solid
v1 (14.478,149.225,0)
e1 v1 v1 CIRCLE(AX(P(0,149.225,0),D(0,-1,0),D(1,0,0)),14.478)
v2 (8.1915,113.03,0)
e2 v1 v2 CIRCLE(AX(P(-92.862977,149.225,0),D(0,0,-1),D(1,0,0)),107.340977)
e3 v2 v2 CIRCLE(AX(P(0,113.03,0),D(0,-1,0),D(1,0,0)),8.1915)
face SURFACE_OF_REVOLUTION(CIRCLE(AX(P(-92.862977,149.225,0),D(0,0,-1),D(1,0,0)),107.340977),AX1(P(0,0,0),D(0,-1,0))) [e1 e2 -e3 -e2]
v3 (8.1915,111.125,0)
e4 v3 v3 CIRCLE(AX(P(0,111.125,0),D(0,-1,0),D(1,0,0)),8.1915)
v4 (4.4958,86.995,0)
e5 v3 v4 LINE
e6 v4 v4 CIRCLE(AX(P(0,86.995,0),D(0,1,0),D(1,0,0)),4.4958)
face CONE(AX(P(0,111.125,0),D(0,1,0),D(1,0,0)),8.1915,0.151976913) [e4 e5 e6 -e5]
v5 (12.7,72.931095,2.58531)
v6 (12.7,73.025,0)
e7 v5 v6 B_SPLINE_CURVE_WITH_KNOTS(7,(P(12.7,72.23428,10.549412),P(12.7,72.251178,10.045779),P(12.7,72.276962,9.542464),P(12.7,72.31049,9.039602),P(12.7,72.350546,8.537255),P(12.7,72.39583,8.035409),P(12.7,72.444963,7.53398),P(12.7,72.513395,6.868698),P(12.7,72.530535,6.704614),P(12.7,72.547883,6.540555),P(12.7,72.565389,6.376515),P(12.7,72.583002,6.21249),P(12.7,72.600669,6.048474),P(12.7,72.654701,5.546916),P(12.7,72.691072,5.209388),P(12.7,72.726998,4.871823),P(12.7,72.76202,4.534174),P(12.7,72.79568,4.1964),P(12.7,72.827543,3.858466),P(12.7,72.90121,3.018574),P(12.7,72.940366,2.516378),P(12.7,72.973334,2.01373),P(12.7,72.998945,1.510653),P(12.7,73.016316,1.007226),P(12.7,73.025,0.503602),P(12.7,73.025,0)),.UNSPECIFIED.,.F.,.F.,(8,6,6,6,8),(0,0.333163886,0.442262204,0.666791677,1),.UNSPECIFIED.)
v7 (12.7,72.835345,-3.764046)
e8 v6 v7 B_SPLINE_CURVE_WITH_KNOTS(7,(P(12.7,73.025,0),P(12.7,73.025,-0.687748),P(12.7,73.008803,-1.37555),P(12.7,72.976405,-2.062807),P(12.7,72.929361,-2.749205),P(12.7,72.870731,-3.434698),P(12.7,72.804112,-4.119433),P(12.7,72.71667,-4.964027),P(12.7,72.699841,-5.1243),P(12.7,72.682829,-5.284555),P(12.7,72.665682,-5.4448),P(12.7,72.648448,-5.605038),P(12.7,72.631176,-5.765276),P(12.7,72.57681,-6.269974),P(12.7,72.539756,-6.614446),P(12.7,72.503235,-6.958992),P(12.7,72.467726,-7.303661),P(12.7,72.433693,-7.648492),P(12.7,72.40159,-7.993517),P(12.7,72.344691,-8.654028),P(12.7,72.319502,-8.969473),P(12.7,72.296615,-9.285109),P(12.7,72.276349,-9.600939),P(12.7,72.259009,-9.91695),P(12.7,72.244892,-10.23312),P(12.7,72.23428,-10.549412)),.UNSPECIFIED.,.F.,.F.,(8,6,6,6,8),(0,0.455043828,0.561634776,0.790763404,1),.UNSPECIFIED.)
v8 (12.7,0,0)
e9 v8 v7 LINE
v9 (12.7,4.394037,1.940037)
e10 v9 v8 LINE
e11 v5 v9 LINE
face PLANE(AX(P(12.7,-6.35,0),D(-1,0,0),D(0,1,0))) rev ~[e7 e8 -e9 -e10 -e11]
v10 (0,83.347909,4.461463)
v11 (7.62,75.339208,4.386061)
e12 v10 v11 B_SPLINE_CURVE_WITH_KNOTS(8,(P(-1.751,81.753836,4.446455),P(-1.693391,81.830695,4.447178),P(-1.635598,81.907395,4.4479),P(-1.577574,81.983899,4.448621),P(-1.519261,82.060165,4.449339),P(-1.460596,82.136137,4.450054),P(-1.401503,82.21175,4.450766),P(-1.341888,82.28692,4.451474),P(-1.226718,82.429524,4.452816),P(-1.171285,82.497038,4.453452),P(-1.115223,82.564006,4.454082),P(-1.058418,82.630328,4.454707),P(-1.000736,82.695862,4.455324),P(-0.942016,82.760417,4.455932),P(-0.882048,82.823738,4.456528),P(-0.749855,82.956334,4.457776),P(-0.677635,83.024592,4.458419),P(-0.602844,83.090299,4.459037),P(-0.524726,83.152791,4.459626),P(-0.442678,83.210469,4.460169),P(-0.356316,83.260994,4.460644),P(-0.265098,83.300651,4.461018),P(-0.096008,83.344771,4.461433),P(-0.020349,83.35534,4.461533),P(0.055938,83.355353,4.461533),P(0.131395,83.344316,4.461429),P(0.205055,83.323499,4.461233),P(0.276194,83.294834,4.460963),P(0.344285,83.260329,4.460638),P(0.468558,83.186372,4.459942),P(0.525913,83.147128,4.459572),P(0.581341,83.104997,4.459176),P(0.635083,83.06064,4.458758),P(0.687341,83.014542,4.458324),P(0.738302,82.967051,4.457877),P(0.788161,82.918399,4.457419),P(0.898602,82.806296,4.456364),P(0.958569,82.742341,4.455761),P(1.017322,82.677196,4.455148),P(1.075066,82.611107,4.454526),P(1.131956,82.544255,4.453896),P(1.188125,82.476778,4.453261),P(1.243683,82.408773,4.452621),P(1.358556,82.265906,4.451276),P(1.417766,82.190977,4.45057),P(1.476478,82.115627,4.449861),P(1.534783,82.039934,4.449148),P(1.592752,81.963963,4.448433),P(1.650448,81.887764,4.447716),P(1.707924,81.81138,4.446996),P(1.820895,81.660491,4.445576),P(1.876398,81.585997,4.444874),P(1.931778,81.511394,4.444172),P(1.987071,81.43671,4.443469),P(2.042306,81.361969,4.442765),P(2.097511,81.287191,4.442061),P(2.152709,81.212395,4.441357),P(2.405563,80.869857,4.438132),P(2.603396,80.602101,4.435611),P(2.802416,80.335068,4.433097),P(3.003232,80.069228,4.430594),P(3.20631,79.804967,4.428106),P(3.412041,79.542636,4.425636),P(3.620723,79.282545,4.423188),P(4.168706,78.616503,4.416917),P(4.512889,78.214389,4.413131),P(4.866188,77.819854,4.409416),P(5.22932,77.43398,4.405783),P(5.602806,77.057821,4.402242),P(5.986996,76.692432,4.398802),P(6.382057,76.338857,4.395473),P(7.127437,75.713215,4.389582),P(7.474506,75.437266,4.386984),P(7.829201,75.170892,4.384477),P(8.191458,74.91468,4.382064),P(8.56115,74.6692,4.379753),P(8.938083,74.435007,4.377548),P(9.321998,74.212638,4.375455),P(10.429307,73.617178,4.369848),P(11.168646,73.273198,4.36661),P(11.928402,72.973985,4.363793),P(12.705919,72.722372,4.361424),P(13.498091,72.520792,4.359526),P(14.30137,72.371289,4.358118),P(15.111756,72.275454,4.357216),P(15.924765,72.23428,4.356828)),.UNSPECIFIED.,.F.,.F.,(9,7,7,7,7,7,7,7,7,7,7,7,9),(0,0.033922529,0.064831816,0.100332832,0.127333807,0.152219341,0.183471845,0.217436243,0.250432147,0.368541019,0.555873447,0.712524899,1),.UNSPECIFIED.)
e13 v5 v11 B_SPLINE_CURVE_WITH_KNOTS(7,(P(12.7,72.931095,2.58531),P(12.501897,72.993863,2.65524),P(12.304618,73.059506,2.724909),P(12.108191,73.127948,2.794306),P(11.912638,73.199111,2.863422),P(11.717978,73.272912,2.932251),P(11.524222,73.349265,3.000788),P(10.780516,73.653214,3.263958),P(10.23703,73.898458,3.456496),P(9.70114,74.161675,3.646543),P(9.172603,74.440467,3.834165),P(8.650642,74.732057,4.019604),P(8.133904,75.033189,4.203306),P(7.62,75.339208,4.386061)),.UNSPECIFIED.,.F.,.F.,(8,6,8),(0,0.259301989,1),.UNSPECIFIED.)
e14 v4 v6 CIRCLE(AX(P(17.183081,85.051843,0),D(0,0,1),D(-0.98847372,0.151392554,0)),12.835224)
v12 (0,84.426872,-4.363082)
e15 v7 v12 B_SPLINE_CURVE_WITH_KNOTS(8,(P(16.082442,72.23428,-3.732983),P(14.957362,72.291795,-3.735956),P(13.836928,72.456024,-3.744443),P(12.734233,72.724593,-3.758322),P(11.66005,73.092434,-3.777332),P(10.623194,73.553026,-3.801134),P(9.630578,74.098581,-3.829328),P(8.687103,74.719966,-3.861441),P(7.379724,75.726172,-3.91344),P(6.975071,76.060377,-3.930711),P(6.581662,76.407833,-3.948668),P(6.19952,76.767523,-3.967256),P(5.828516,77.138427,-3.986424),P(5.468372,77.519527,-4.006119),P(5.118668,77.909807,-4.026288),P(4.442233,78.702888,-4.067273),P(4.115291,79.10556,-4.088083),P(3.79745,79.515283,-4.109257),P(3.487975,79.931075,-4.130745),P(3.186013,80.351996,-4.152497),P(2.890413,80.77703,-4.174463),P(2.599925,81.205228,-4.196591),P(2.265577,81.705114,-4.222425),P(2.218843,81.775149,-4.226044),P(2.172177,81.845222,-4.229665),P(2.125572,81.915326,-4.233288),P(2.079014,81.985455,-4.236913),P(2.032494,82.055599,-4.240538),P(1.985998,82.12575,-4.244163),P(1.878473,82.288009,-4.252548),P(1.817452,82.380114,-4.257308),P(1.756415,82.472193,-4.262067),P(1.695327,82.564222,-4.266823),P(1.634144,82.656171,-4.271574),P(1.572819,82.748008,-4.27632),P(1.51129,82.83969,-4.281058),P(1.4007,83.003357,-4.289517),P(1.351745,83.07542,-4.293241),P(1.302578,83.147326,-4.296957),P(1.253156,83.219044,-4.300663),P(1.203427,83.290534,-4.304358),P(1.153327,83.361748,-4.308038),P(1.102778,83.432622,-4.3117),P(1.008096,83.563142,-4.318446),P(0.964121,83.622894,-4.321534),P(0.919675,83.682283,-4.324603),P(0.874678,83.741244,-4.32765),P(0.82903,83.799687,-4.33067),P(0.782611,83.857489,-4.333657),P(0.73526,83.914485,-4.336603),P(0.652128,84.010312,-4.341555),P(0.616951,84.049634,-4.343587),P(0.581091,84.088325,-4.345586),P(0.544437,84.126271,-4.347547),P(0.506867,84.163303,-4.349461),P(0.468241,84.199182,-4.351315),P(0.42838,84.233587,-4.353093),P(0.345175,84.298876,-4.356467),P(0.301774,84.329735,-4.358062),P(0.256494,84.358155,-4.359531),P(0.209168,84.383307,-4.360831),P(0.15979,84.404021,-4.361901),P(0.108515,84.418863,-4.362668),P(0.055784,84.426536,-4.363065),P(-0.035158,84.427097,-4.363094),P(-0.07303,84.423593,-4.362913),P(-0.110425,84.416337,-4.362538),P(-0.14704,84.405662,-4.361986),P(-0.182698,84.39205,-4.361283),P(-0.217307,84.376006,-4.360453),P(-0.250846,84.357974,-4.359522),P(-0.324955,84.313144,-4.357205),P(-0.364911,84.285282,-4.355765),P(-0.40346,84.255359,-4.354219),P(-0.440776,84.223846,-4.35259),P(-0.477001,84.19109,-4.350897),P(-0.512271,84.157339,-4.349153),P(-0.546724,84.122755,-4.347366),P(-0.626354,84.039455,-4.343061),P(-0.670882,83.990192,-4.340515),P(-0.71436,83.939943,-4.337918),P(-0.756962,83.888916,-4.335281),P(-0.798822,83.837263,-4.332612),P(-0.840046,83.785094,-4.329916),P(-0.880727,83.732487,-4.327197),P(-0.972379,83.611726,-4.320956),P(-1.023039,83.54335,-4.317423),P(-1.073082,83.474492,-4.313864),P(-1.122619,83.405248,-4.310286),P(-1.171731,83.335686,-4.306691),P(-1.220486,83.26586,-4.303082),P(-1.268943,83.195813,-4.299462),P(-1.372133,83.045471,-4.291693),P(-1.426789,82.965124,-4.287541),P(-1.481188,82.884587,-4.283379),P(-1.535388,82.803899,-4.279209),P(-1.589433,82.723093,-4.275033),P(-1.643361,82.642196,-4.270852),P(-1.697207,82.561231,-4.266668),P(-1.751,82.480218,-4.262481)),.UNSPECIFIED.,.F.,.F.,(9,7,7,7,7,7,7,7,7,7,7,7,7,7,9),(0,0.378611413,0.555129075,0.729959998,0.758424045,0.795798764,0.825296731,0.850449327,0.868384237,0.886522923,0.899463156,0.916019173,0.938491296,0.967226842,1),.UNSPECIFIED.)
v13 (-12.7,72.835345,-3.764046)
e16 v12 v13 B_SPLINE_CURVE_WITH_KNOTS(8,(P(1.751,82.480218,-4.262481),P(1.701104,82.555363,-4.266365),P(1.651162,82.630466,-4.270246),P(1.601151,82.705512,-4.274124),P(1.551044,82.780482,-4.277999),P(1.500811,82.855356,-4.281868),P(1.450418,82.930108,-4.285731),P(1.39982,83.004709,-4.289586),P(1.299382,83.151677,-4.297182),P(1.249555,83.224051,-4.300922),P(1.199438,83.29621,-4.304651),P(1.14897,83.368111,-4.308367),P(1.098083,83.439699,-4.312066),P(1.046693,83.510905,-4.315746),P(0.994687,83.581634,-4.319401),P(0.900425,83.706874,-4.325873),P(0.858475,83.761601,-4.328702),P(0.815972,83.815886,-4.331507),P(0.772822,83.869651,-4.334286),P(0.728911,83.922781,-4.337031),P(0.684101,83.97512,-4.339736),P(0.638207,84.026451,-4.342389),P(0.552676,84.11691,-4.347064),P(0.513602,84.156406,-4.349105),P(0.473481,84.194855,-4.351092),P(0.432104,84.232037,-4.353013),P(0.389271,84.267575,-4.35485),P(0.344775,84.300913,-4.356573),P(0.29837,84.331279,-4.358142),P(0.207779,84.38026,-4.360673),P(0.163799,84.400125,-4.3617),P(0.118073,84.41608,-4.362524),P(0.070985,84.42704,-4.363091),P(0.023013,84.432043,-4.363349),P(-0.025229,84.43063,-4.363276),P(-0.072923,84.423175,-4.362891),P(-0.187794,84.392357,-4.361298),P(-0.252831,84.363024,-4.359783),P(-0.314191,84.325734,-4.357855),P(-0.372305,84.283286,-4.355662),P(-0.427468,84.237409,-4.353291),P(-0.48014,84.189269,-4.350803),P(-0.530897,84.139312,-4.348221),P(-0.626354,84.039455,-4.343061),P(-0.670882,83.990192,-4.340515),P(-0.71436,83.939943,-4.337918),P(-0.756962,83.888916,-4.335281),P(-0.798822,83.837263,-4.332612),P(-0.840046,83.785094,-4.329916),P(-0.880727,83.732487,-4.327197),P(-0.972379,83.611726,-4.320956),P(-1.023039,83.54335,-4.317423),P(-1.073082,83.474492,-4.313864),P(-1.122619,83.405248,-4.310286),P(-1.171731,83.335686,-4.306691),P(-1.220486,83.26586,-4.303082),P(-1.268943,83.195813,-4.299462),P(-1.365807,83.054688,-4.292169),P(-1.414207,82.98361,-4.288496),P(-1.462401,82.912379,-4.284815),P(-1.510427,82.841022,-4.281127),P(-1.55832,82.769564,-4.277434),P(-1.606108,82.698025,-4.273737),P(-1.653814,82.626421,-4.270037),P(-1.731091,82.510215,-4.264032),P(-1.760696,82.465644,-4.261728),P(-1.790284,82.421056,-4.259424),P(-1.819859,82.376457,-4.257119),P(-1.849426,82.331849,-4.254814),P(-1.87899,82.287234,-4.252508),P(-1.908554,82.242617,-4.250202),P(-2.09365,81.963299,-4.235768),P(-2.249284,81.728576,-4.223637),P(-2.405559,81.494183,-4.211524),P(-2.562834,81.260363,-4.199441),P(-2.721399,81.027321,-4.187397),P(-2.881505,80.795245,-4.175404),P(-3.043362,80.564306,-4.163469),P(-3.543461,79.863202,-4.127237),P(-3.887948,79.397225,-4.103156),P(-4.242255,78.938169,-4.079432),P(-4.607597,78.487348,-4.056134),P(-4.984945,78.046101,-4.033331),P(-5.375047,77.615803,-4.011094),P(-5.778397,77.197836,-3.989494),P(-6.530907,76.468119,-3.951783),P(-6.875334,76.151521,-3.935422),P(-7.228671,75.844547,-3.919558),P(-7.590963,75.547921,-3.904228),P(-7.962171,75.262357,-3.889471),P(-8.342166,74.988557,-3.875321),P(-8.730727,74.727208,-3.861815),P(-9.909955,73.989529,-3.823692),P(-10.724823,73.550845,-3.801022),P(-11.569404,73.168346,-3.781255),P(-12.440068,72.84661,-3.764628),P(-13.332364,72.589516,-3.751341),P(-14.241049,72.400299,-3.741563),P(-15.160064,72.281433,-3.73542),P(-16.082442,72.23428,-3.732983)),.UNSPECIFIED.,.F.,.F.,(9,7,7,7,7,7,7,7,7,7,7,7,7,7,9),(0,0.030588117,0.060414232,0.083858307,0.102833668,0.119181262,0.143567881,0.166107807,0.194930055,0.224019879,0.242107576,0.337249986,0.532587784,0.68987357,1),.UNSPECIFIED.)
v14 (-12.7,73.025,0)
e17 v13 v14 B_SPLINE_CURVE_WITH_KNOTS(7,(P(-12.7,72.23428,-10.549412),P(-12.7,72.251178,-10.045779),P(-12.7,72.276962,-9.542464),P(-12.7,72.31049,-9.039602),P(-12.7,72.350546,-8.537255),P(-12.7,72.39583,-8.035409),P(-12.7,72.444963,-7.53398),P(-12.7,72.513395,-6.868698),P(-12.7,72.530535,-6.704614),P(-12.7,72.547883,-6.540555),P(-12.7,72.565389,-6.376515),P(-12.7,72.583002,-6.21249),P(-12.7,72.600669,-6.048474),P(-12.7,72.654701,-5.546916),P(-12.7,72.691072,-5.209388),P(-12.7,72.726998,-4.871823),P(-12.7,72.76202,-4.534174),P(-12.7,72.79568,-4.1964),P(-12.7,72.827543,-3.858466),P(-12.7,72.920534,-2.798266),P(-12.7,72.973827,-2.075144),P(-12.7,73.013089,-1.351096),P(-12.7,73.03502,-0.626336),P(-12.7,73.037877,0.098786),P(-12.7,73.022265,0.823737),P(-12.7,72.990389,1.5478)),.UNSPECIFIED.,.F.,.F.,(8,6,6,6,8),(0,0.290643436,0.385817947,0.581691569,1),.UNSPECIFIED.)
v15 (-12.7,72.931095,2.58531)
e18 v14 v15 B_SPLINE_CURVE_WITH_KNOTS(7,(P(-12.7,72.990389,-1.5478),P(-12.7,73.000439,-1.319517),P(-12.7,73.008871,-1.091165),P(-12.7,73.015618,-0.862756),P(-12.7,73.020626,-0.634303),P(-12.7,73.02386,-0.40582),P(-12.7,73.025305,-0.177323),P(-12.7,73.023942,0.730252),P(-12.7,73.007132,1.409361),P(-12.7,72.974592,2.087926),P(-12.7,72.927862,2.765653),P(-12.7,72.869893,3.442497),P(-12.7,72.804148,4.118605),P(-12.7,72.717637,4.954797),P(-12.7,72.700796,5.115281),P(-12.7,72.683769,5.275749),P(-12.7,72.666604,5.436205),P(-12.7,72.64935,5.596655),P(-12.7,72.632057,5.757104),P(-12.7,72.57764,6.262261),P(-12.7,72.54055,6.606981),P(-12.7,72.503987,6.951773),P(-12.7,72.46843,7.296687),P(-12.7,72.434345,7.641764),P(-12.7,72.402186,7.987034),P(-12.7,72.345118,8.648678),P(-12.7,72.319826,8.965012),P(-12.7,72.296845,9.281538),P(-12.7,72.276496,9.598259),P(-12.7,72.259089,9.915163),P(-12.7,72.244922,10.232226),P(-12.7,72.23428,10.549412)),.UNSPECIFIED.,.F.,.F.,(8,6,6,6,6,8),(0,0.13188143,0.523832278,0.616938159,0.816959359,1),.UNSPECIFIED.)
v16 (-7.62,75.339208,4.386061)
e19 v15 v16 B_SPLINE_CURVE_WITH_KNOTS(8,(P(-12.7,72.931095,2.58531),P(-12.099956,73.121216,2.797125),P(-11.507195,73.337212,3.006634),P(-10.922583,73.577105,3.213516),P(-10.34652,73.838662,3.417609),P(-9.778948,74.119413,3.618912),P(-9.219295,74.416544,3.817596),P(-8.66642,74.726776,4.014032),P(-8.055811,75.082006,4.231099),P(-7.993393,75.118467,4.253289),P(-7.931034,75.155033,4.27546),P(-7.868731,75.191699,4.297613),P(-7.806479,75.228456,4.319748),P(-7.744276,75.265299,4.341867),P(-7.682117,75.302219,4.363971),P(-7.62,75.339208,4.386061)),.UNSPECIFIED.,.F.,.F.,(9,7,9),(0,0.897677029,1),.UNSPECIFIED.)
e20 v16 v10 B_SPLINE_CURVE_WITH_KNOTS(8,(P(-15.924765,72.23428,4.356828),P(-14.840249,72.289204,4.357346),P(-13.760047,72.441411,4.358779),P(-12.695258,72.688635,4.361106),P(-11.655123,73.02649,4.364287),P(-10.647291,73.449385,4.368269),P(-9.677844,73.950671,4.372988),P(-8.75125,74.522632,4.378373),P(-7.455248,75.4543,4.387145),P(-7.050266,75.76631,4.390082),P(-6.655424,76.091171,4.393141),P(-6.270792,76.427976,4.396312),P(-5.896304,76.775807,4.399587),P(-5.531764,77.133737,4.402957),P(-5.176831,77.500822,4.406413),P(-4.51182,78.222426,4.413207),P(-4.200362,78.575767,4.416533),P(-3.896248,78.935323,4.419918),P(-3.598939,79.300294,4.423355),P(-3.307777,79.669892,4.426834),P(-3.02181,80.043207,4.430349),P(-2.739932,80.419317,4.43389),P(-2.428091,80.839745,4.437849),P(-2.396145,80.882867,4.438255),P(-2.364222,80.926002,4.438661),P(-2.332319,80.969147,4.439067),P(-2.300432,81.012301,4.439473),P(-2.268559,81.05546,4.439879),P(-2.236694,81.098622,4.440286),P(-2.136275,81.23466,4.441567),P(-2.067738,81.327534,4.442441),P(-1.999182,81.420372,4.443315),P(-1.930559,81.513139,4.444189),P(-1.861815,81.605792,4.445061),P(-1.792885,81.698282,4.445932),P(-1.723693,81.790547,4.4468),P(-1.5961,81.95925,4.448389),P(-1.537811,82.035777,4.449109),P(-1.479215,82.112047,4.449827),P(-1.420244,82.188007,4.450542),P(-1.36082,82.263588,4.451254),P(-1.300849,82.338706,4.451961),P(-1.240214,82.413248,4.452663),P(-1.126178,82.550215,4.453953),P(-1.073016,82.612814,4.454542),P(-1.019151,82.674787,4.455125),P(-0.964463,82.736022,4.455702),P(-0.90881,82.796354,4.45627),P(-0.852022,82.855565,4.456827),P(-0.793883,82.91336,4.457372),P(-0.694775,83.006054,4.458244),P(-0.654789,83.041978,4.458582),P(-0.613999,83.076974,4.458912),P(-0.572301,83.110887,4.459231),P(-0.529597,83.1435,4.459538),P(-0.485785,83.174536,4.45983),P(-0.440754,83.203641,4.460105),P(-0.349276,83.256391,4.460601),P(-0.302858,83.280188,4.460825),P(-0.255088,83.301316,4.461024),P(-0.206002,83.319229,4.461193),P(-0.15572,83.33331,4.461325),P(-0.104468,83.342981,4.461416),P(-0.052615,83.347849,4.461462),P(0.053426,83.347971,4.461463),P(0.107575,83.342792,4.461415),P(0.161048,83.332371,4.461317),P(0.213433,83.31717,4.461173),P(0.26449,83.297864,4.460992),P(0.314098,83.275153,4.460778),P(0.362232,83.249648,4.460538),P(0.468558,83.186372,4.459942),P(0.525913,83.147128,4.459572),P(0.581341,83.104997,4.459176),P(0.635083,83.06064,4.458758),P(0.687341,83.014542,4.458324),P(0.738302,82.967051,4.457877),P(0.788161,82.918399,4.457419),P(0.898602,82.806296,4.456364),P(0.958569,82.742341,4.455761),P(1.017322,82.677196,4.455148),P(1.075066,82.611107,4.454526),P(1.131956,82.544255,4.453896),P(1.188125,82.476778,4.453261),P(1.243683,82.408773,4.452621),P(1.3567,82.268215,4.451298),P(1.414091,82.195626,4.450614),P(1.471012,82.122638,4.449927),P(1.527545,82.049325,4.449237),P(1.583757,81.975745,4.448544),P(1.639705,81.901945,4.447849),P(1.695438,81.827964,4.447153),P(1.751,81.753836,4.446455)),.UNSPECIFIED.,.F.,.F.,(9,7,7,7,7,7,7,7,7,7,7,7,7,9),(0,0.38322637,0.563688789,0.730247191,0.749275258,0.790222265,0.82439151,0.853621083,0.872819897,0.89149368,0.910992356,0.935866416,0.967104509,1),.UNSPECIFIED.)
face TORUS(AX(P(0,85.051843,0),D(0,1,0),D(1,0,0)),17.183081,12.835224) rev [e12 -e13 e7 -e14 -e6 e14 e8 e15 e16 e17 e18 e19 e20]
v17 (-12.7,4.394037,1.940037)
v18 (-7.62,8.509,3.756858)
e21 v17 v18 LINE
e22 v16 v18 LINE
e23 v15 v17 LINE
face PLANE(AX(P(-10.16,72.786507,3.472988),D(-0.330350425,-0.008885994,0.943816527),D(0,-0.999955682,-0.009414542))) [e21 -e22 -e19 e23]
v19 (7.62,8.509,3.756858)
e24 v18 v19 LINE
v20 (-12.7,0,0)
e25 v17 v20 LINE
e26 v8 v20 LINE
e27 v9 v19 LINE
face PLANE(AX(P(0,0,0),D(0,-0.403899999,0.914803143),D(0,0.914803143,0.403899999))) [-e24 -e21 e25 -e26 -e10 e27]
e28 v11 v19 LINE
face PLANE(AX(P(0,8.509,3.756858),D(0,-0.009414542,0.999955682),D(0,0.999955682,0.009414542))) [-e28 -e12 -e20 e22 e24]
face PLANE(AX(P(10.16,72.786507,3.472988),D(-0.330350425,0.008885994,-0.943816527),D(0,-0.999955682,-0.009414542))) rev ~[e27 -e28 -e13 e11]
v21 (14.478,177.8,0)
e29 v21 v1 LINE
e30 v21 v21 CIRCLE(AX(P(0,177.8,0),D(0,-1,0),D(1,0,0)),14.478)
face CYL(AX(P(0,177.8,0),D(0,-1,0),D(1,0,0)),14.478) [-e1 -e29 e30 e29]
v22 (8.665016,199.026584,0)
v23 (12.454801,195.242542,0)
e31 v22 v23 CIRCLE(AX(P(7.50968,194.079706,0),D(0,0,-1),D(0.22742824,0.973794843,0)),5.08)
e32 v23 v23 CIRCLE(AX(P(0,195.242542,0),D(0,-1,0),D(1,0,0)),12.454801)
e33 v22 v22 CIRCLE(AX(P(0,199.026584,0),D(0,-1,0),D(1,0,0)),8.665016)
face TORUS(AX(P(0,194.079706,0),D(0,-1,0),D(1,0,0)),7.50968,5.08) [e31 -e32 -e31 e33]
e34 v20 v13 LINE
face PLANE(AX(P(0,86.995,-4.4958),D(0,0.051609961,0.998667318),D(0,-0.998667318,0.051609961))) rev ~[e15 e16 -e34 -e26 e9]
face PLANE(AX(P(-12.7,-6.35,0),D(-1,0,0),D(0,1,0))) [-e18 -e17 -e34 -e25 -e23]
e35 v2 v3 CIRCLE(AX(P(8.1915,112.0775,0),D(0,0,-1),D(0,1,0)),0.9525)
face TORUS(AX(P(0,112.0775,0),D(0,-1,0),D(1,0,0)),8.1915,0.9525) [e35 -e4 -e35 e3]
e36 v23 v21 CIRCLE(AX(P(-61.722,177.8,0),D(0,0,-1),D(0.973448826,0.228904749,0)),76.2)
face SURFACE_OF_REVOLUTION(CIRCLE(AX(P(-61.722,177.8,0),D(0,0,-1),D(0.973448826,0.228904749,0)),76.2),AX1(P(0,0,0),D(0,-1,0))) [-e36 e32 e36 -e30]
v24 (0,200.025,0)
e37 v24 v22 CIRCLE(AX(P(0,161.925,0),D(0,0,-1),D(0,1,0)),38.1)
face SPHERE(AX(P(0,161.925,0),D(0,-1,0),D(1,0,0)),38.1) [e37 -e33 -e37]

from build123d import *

# Parameters (mm, degrees)
CUT_EXTRUDE1_DEPTH      = 17.51
CUT_EXTRUDE1_DEPTH_BACK = 17.51
SKETCH3_W               = 12.7
SKETCH3_H               = 93.345
CUT_EXTRUDE2_DEPTH      = 15.4780001
CUT_EXTRUDE2_DEPTH_BACK = 15.4780001
CHAMFER1_SIZE           = 1.778
CHAMFER1_SIZE2          = 5.08
CHAMFER1_PART_2_SIZE    = 1.778
CHAMFER1_PART_2_SIZE2   = 5.08


with BuildPart() as part:
    # Sketch1 → Revolve1 (revolve)
    with BuildSketch(Plane.XY):
        with BuildLine():
            Line((0, 0), (0, 200.025))
            ThreePointArc((0, 200.025), (4.361173486, 199.774572862), (8.665015939, 199.026583508))
            ThreePointArc((8.665015939, 199.026583508), (11.099058165, 197.674530854), (12.454800514, 195.242541829))
            ThreePointArc((12.454800514, 195.242541829), (13.970510195, 186.579743755), (14.478, 177.8))
            Line((14.478, 177.8), (14.478, 149.225))
            ThreePointArc((14.478, 149.225), (12.894697981, 130.856561666), (8.1915, 113.03))
            ThreePointArc((8.1915, 113.03), (9.144, 112.0775), (8.1915, 111.125))
            Line((8.1915, 111.125), (4.4958, 86.995))
            ThreePointArc((4.4958, 86.995), (7.228457253, 76.949471101), (16.51, 72.234279615))
            Line((16.51, 72.234279615), (16.51, 0))
            Line((16.51, 0), (0, 0))
        make_face()
    revolve(axis=Axis((0, 0, 0), (0, -1, 0)))

    # Sketch2 → Cut-Extrude1 (cut, two sides)
    with BuildSketch(Plane(origin=(0, 0, 0), x_dir=(0, 0, -1), z_dir=(1, 0, 0))) as cut_extrude1_sk:
        Polygon((4.4958, 86.995), (0, 0), (-3.756857541, 8.509), (-4.4958, 86.995), (-31.75, 86.995), (-31.75, -12.7), (31.75, -12.7), (31.75, 86.995), align=None)
    extrude(amount=CUT_EXTRUDE1_DEPTH, mode=Mode.SUBTRACT)
    extrude(cut_extrude1_sk.sketch, amount=-CUT_EXTRUDE1_DEPTH_BACK, mode=Mode.SUBTRACT)

    # Sketch3 → Cut-Extrude2 (cut, two sides)
    with BuildSketch(Plane.XY) as cut_extrude2_sk:
        with Locations((19.05, 40.3225)):
            Rectangle(SKETCH3_W, SKETCH3_H)
        with Locations((-19.05, 40.3225)):
            Rectangle(SKETCH3_W, SKETCH3_H)
    extrude(amount=CUT_EXTRUDE2_DEPTH, mode=Mode.SUBTRACT)
    extrude(cut_extrude2_sk.sketch, amount=-CUT_EXTRUDE2_DEPTH_BACK, mode=Mode.SUBTRACT)

    # Chamfer1
    chamfer1_edges = [part.edges().sort_by_distance(p)[0] for p in [
        (-12.7, 40.643568714, 4.059403183),
    ]]
    chamfer1_side = [part.faces().sort_by_distance(p)[0] for p in [
        (-12.7, 42.502487943, 0.913030027),
    ]]
    chamfer(chamfer1_edges, length=CHAMFER1_SIZE, length2=CHAMFER1_SIZE2, reference=chamfer1_side[0])

    # Chamfer1 part 2
    chamfer1_part_2_edges = [part.edges().sort_by_distance(p)[0] for p in [
        (12.7, 40.643568715, 4.059403183),
    ]]
    chamfer1_part_2_side = [part.faces().sort_by_distance(p)[0] for p in [
        (12.7, 42.502487941, 0.913030027),
    ]]
    chamfer(chamfer1_part_2_edges, length=CHAMFER1_PART_2_SIZE, length2=CHAMFER1_PART_2_SIZE2, reference=chamfer1_part_2_side[0])


solid = part.part
